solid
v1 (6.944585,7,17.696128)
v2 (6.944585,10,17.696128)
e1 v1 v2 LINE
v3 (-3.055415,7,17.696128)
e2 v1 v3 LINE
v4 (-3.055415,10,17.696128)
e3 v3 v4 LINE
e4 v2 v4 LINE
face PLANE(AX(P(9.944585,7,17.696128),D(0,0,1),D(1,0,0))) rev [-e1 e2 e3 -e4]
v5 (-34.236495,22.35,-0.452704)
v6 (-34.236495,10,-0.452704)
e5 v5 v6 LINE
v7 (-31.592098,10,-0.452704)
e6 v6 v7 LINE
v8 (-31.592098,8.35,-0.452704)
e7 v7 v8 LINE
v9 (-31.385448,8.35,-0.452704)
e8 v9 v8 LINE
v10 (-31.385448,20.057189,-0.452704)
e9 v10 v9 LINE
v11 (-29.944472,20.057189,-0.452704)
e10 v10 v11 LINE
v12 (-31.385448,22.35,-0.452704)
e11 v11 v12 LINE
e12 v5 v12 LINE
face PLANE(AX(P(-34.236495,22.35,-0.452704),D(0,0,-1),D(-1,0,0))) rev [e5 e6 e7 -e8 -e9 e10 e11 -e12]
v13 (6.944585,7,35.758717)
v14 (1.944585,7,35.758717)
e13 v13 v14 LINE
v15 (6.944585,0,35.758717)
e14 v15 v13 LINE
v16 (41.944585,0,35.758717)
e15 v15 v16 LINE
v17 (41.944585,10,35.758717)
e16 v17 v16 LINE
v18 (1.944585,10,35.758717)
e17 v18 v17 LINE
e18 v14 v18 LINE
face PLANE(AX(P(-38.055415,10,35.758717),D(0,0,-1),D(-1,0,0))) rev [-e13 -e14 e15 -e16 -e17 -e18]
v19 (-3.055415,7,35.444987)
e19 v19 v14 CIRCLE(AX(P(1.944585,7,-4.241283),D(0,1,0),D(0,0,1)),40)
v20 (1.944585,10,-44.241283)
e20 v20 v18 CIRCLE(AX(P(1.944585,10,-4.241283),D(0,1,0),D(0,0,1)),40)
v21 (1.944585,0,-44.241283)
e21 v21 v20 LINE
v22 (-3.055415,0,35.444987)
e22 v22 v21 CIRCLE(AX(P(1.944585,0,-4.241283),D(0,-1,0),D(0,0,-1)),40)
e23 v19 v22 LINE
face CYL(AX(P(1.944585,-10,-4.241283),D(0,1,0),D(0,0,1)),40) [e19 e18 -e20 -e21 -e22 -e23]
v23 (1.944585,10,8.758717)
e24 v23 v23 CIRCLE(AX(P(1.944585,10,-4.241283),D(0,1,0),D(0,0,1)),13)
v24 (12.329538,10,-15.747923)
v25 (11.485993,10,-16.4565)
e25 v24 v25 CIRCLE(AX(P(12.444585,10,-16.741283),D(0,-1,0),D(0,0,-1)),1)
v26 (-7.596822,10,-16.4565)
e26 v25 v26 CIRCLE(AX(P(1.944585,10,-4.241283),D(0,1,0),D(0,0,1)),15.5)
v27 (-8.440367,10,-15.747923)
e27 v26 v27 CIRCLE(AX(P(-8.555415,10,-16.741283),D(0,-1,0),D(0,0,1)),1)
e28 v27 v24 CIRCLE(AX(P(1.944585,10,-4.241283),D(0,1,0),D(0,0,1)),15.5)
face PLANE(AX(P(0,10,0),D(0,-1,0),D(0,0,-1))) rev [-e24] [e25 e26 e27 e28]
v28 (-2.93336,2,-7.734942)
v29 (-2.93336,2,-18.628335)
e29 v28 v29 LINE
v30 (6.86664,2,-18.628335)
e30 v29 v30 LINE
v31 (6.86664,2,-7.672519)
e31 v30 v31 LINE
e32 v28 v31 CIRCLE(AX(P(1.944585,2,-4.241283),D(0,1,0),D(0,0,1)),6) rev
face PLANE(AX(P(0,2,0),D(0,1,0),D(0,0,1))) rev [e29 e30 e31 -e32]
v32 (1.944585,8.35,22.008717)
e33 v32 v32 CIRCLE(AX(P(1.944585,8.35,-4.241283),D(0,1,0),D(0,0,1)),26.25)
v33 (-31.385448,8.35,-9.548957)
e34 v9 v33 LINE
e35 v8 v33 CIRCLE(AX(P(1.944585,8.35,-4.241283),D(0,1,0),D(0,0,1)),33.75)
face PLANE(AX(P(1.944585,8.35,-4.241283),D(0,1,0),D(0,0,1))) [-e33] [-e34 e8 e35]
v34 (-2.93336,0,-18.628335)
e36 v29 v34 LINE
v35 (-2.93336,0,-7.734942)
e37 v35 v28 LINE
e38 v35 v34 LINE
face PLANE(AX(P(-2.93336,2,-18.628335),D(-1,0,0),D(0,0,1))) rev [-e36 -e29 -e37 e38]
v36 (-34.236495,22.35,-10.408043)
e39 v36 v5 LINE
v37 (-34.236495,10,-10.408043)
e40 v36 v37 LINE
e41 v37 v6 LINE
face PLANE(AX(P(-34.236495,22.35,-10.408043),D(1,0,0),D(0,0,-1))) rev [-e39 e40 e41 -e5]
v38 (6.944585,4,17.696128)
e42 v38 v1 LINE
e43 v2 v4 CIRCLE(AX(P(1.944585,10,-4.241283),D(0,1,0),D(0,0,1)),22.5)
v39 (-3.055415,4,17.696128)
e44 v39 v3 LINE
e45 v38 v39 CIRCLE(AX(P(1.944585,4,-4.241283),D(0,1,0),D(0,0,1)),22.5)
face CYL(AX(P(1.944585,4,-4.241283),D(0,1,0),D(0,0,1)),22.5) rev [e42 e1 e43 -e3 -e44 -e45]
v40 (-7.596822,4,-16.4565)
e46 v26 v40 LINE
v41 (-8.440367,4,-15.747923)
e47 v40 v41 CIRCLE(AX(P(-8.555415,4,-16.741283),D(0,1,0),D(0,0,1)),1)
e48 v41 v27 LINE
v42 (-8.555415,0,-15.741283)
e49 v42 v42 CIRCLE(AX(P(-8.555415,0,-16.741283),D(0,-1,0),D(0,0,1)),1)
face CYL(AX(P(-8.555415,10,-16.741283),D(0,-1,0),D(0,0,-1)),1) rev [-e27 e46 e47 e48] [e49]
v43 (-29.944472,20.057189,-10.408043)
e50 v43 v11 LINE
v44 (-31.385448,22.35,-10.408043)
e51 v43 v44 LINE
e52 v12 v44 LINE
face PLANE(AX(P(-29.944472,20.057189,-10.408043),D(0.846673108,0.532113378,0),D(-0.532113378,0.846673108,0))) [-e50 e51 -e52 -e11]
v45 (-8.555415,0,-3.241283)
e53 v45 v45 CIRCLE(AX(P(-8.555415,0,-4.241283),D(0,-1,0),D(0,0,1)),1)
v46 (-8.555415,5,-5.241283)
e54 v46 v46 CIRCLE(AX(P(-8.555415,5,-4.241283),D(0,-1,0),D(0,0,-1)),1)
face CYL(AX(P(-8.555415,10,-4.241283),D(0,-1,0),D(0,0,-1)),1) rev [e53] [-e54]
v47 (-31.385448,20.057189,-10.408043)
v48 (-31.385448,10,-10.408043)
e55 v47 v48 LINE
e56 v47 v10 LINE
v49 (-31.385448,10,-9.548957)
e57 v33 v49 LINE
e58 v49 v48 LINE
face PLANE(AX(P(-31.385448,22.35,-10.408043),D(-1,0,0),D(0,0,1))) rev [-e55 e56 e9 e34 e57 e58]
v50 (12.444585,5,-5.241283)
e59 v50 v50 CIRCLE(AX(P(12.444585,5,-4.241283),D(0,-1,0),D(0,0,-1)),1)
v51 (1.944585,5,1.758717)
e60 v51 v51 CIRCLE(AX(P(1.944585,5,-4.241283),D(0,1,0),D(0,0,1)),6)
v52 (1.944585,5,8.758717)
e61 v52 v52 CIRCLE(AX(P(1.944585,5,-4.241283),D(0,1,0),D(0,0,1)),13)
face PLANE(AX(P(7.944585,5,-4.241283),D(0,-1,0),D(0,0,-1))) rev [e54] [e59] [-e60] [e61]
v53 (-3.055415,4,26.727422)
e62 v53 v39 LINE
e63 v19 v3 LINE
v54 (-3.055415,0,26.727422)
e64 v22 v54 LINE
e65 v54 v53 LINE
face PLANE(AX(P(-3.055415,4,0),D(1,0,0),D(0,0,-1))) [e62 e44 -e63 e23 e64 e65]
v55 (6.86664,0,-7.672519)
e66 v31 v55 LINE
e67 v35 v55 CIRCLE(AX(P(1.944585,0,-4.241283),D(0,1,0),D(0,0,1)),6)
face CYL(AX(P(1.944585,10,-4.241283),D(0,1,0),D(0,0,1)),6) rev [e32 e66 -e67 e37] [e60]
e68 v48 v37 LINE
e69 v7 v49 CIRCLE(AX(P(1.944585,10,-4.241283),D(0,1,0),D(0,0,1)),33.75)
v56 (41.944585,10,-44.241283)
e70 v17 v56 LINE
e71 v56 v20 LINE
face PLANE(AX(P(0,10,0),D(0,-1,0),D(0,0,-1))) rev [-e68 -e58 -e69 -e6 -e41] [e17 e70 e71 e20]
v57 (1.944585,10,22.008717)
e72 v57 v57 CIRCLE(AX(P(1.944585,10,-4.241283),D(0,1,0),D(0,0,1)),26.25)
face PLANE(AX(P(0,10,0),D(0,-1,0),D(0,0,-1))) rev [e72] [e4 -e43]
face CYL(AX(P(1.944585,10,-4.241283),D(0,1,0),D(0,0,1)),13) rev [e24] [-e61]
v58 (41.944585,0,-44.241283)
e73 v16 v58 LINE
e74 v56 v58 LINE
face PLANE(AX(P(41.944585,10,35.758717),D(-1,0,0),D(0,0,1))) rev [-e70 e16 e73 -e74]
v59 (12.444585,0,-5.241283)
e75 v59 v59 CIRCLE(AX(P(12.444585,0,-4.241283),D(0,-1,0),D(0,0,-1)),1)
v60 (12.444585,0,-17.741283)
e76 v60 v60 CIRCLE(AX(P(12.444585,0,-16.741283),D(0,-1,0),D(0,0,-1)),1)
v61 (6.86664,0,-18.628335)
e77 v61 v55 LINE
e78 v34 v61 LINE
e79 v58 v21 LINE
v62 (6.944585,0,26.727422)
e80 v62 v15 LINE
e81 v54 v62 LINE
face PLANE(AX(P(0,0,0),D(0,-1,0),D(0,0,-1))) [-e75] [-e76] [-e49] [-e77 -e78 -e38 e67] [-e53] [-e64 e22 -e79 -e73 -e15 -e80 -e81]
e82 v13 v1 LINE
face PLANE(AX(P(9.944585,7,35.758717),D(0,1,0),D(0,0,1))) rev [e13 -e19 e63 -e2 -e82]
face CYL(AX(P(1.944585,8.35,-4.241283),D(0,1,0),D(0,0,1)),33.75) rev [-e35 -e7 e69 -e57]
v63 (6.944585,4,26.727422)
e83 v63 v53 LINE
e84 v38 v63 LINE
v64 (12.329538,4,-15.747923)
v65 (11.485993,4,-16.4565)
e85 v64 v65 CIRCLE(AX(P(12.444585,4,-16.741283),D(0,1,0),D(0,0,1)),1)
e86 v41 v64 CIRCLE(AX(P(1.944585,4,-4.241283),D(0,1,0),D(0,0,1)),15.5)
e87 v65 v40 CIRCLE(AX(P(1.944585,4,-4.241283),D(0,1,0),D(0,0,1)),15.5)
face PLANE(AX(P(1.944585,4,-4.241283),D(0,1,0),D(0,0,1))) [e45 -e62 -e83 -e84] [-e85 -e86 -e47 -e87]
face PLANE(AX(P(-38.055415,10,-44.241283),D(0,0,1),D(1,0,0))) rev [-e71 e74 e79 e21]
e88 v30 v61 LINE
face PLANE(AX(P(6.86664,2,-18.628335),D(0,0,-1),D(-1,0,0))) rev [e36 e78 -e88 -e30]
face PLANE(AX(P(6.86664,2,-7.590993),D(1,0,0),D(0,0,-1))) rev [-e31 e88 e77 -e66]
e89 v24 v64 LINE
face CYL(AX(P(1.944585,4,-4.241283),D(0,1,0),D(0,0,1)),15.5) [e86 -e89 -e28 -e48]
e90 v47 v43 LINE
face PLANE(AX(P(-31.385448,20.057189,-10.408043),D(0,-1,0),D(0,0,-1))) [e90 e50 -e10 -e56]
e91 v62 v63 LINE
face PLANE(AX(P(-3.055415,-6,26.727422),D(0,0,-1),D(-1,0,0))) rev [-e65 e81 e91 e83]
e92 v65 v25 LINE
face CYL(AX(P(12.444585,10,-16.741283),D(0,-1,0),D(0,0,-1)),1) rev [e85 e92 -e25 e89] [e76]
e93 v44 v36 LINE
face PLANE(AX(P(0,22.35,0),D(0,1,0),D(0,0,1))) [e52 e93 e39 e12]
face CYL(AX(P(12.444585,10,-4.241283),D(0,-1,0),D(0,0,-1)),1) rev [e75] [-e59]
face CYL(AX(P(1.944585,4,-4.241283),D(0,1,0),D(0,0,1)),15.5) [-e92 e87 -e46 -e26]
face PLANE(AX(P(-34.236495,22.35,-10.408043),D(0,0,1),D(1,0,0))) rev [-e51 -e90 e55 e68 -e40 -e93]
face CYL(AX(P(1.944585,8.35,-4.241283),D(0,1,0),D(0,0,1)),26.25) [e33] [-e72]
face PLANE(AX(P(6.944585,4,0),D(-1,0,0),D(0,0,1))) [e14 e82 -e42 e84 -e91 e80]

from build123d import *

# Parameters (mm, degrees)
SKETCH28_W                                   = 80
SKETCH28_H                                   = 80
BOSS_EXTRUDE1_DEPTH                          = 10
CBORE_FOR_M10_CHEESE_HEAD_SCREW1_D           = 12
CBORE_FOR_M10_CHEESE_HEAD_SCREW1_CBORE_D     = 26
CBORE_FOR_M10_CHEESE_HEAD_SCREW1_CBORE_DEPTH = 5
SKETCH37_R                                   = 22.5
SKETCH37_R_2                                 = 15.5
CUT_EXTRUDE2_DEPTH                           = 6
CUT_EXTRUDE6_DEPTH                           = 6
SKETCH40_W                                   = 18.062589032
SKETCH40_H                                   = 3
BOSS_EXTRUDE7_DEPTH                          = 13
SKETCH47_W                                   = 10
SKETCH47_H                                   = 9.031294516
CUT_EXTRUDE12_DEPTH                          = 10
SKETCH41_R                                   = 33.75
SKETCH41_R_2                                 = 26.25
CUT_EXTRUDE7_DEPTH                           = 1.65
SKETCH36_R                                   = 1
CUT_EXTRUDE13_DEPTH                          = 10
SKETCH42_W                                   = 9.8
SKETCH42_H                                   = 11.037342061
CUT_EXTRUDE8_DEPTH                           = 2
CUT_EXTRUDE11_DEPTH                          = 20
SKETCH45_W                                   = 2.851047628
SKETCH45_H                                   = 9.955339391
BOSS_EXTRUDE8_DEPTH                          = 14
BOSS_EXTRUDE9_START                          = -9.955339
BOSS_EXTRUDE9_DEPTH                          = 9.955339


with BuildPart() as part:
    # Sketch28 → Boss-Extrude1 (new body)
    with BuildSketch(Plane(origin=(0, 0, 0), x_dir=(1, 0, 0), z_dir=(0, 1, 0))):
        with Locations((1.944585414, 4.241283073)):
            Rectangle(SKETCH28_W, SKETCH28_H)
    extrude(amount=BOSS_EXTRUDE1_DEPTH)

    # CBORE for M10 Cheese Head Screw1 (through all)
    with Locations(Plane(origin=(0, 10, 0), x_dir=(1, 0, 0), z_dir=(0, 1, 0))):
        with Locations((1.944585414, 4.241283073)):
            CounterBoreHole(CBORE_FOR_M10_CHEESE_HEAD_SCREW1_D / 2, CBORE_FOR_M10_CHEESE_HEAD_SCREW1_CBORE_D / 2, CBORE_FOR_M10_CHEESE_HEAD_SCREW1_CBORE_DEPTH)

    # Sketch37 → Cut-Extrude2 (cut)
    with BuildSketch(Plane(origin=(0, 10, 0), x_dir=(1, 0, 0), z_dir=(0, 1, 0))):
        with Locations(Location((1.944585414, 4.241283073, 0), (0, 0, 270))):
            Circle(SKETCH37_R)
        with Locations(Location((1.944585414, 4.241283073, 0), (0, 0, 270))):
            Circle(SKETCH37_R_2, mode=Mode.SUBTRACT)
    extrude(amount=-CUT_EXTRUDE2_DEPTH, mode=Mode.SUBTRACT)

    # Sketch39 → Cut-Extrude6 (cut)
    with BuildSketch(Plane(origin=(0, 10, 0), x_dir=(1, 0, 0), z_dir=(0, 1, 0))):
        with BuildLine():
            Line((6.944585414, -35.758716927), (6.944585414, -17.696127895))
            ThreePointArc((6.944585414, -17.696127895), (1.944585414, -18.258716927), (-3.055414586, -17.696127895))
            Line((-3.055414586, -17.696127895), (-3.055414586, -35.758716927))
            Line((-3.055414586, -35.758716927), (1.944585414, -35.758716927))
            Line((1.944585414, -35.758716927), (6.944585414, -35.758716927))
        make_face()
    extrude(amount=-CUT_EXTRUDE6_DEPTH, mode=Mode.SUBTRACT)

    # Sketch40 → Boss-Extrude7 (add)
    with BuildSketch(Plane(origin=(-3.055414586, 0, 0), x_dir=(0, 0, -1), z_dir=(1, 0, 0))):
        with Locations((-26.727422411, 8.5)):
            Rectangle(SKETCH40_W, SKETCH40_H)
    extrude(amount=BOSS_EXTRUDE7_DEPTH)

    # Sketch47 → Cut-Extrude12 (cut)
    with BuildSketch(Plane(origin=(0, 4, 0), x_dir=(1, 0, 0), z_dir=(0, 1, 0))):
        with Locations((1.944585414, -31.243069669)):
            Rectangle(SKETCH47_W, SKETCH47_H)
    extrude(amount=-CUT_EXTRUDE12_DEPTH, mode=Mode.SUBTRACT)

    # Sketch41 → Cut-Extrude7 (cut)
    with BuildSketch(Plane(origin=(0, 10, 0), x_dir=(1, 0, 0), z_dir=(0, 1, 0))):
        with Locations(Location((1.944585414, 4.241283073, 0), (0, 0, 270))):
            Circle(SKETCH41_R)
        with Locations(Location((1.944585414, 4.241283073, 0), (0, 0, 270))):
            Circle(SKETCH41_R_2, mode=Mode.SUBTRACT)
    extrude(amount=-CUT_EXTRUDE7_DEPTH, mode=Mode.SUBTRACT)

    # Sketch36 → Cut-Extrude13 (cut)
    with BuildSketch(Plane.XZ):
        with Locations(Location((12.444585414, -16.741283073, 0), (0, 0, 270))):
            Circle(SKETCH36_R)
        with Locations(Location((12.444585414, -4.241283073, 0), (0, 0, 270))):
            Circle(SKETCH36_R)
        with Locations(Location((-8.555414586, -16.741283073, 0), (0, 0, 16.545854879))):
            Circle(SKETCH36_R)
        with Locations(Location((-8.555414586, -4.241283073, 0), (0, 0, 270))):
            Circle(SKETCH36_R)
    extrude(amount=-CUT_EXTRUDE13_DEPTH, mode=Mode.SUBTRACT)

    # Sketch42 → Cut-Extrude8 (cut)
    with BuildSketch(Plane.XZ):
        with Locations((1.966640169, -13.109663986)):
            Rectangle(SKETCH42_W, SKETCH42_H)
    extrude(amount=-CUT_EXTRUDE8_DEPTH, mode=Mode.SUBTRACT)

    # Sketch43 → Cut-Extrude11 (cut)
    with BuildSketch(Plane(origin=(0, 10, 0), x_dir=(1, 0, 0), z_dir=(0, 1, 0))):
        with BuildLine():
            ThreePointArc((-38.055414586, 4.241282966), (-26.339685871, 32.525554283), (1.944585414, 44.241283073))
            Line((1.944585414, 44.241283073), (-38.055414586, 44.241283073))
            Line((-38.055414586, 44.241283073), (-38.055414586, 4.241282966))
        make_face()
        with BuildLine():
            ThreePointArc((1.944585414, -35.758716927), (-26.339685795, -24.042988212), (-38.055414586, 4.241282966))
            Line((-38.055414586, 4.241282966), (-38.055414586, -35.758716927))
            Line((-38.055414586, -35.758716927), (1.944585414, -35.758716927))
        make_face()
    extrude(amount=-CUT_EXTRUDE11_DEPTH, mode=Mode.SUBTRACT)

    # Sketch45 → Boss-Extrude8 (add)
    with BuildSketch(Plane(origin=(0, 8.35, 0), x_dir=(1, 0, 0), z_dir=(0, 1, 0))):
        with Locations((-32.810971356, 5.43037333)):
            Rectangle(SKETCH45_W, SKETCH45_H)
    extrude(amount=BOSS_EXTRUDE8_DEPTH)

    # Sketch46 → Boss-Extrude9 (add)
    with BuildSketch(Plane.XY.offset(-0.452703634).offset(BOSS_EXTRUDE9_START)):
        Polygon((-31.385447542, 22.35), (-31.385447542, 20.057188555), (-29.944471524, 20.057188555), align=None)
    extrude(amount=BOSS_EXTRUDE9_DEPTH)


solid = part.part
